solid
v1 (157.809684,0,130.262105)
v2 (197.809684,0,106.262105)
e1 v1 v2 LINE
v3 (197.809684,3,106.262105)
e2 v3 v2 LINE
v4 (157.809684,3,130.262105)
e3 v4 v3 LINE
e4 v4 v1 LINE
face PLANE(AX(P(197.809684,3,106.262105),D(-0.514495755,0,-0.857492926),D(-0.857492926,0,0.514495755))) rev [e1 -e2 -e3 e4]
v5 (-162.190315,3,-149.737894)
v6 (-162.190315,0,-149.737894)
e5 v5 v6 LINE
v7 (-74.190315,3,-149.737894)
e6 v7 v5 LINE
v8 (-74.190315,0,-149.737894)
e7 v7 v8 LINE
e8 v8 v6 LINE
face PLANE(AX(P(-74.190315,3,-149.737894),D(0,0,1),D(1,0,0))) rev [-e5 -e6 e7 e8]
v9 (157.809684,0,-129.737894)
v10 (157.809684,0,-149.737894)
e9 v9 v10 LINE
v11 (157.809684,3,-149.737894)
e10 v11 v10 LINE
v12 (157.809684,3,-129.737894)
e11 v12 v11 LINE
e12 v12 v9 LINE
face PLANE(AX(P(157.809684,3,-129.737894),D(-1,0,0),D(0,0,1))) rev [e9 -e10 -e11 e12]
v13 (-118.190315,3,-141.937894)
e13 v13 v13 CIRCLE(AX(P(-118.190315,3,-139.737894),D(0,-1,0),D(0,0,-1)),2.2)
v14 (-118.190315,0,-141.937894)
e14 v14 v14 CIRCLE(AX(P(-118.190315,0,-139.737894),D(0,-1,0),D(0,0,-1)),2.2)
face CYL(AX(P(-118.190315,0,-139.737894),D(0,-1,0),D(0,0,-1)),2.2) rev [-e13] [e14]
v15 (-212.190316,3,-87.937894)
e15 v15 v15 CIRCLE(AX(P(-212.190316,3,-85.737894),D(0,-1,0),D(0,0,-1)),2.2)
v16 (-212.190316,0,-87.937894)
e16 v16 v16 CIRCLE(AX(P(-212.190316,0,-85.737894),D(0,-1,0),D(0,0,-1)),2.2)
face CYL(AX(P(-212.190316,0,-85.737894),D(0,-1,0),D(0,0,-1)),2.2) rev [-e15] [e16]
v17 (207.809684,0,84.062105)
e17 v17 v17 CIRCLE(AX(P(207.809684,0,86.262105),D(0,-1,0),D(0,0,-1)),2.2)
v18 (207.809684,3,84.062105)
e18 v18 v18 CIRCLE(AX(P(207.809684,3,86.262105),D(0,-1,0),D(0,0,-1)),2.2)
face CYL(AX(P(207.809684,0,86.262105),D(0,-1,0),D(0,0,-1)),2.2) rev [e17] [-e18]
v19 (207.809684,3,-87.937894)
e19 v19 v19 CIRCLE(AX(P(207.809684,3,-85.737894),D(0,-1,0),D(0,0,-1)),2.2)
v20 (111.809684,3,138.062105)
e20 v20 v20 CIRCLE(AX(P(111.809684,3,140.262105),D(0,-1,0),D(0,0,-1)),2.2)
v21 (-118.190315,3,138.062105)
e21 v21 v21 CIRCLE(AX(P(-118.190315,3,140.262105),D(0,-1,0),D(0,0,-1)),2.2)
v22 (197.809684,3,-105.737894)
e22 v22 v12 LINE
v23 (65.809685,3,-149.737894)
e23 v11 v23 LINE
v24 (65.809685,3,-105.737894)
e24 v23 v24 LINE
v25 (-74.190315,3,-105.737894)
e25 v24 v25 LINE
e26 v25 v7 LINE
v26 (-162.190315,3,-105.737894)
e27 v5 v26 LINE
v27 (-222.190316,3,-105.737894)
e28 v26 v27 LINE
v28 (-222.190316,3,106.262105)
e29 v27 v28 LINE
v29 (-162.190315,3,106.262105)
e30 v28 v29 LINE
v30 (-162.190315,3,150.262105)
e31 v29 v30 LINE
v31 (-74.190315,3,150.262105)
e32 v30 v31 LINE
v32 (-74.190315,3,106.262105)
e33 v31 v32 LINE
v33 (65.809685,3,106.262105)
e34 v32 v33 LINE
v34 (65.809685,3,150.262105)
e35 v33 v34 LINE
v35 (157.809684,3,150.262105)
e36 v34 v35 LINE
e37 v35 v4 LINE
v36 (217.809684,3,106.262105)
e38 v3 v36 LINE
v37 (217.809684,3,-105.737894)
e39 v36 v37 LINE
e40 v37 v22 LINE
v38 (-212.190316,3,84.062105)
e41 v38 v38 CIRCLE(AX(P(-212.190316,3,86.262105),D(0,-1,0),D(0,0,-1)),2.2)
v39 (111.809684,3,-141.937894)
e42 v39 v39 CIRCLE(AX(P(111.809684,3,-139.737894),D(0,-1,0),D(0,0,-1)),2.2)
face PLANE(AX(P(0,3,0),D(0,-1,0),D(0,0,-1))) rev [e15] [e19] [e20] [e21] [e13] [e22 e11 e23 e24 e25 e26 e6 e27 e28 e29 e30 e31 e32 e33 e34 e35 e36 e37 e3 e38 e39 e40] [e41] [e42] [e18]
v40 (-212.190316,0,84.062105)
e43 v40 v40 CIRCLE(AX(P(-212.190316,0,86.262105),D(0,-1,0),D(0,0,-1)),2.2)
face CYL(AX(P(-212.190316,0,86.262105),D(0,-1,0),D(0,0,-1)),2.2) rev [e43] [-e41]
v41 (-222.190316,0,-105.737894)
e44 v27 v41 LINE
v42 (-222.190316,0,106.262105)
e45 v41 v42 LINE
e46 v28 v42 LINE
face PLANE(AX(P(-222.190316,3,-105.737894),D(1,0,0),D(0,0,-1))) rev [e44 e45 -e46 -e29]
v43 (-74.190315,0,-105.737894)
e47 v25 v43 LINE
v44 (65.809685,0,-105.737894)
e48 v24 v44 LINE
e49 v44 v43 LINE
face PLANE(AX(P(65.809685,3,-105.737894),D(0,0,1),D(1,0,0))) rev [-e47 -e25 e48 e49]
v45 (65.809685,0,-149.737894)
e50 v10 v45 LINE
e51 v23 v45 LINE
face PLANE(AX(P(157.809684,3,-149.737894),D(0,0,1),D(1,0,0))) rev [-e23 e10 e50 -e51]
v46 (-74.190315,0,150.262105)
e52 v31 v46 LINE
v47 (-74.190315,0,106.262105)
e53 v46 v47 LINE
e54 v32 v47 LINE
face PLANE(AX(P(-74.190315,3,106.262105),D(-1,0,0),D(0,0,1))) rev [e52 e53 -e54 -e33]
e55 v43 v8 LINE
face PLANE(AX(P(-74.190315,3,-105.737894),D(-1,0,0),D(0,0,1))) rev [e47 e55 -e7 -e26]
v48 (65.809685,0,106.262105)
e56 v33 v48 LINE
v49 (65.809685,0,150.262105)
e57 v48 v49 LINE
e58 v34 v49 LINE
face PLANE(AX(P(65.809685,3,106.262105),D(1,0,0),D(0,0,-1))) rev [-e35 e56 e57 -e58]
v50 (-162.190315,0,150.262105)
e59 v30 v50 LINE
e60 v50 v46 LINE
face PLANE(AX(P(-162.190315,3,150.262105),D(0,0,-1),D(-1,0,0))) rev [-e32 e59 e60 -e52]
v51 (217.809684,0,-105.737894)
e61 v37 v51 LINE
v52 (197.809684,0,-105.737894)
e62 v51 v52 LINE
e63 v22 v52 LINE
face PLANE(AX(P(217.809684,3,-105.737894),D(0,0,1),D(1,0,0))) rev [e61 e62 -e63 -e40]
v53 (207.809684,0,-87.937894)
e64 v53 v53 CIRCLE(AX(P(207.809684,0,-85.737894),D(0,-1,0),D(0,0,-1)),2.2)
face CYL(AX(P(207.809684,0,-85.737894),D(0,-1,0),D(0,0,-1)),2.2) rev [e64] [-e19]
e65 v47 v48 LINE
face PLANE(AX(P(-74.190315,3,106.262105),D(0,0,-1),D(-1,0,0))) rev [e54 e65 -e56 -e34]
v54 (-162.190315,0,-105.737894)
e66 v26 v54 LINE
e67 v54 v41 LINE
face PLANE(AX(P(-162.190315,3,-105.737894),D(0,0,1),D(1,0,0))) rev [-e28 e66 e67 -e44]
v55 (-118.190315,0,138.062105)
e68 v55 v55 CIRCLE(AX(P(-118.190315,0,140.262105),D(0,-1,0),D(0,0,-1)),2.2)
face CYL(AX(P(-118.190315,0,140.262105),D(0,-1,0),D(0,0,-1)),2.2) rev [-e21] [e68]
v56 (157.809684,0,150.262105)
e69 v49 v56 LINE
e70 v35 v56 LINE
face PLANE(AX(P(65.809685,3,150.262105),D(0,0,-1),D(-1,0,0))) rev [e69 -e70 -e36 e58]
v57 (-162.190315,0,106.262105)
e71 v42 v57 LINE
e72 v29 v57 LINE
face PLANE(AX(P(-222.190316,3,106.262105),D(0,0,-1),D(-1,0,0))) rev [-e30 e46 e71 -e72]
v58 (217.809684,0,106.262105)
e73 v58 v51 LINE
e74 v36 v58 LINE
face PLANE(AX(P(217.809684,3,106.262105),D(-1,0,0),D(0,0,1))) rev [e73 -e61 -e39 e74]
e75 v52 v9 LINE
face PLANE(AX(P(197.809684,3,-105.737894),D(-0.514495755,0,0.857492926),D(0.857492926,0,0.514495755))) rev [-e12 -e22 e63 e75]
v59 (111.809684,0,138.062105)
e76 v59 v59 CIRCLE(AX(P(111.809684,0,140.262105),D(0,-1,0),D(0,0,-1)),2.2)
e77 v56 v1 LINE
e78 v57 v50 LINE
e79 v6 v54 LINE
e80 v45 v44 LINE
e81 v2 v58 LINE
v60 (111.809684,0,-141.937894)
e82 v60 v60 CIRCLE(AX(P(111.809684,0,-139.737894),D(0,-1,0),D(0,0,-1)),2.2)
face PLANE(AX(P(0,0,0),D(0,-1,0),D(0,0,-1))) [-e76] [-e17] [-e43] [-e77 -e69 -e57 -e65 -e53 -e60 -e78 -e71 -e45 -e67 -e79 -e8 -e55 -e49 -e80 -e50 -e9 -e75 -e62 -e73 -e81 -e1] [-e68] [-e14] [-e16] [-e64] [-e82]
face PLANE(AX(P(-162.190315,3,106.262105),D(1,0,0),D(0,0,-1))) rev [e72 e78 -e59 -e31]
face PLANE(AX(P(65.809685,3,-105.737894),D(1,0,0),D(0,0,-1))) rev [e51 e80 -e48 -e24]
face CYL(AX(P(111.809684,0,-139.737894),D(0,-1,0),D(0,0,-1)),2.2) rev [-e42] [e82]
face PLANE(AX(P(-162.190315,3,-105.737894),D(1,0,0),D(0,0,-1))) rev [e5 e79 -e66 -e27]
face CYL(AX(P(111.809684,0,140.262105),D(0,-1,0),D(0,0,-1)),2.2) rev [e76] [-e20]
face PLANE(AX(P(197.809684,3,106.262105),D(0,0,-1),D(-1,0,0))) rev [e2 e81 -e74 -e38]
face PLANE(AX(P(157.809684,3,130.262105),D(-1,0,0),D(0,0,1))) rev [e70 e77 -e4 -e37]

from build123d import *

# Parameters (mm, degrees)
BOSS_EXTRU_1_DEPTH   = 3
D_GAGEMENT_M41_D     = 4.4
D_GAGEMENT_M41_DEPTH = 5


with BuildPart() as part:
    # Esquisse4 → Boss.-Extru.1 (new body)
    with BuildSketch(Plane(origin=(0, 0, 0), x_dir=(1, 0, 0), z_dir=(0, 1, 0))):
        Polygon((197.809683941, 105.737894452), (157.80968394, 129.737894452), (157.80968394, 149.737894452), (65.80968453, 149.737894452), (65.80968453, 105.737894452), (-74.19031547, 105.737894452), (-74.19031547, 149.737894452), (-162.1903155, 149.737894452), (-162.1903155, 105.737894452), (-222.1903155, 105.737894452), (-222.1903155, -106.262104989), (-162.1903155, -106.262104989), (-162.1903155, -150.262104989), (-74.19031547, -150.262104989), (-74.19031547, -106.262104989), (65.80968453, -106.262104989), (65.80968453, -150.262104989), (157.80968394, -150.262104989), (157.80968394, -130.262104989), (197.809683941, -106.262104989), (217.809683941, -106.262104989), (217.809683941, 105.737894452), align=None)
    extrude(amount=BOSS_EXTRU_1_DEPTH)

    # Dégagement M41
    with Locations(Plane(origin=(0, 0, 0), x_dir=(-1, 0, 0), z_dir=(0, -1, 0))):
        with Locations((-207.809683941, 85.737894452), (-207.809683941, -86.262104989), (-111.809684235, -140.262104989), (118.190315485, -140.262104989), (-111.809684235, 139.737894452), (118.190315485, 139.737894452), (212.1903155, 85.737894452), (212.1903155, -86.262104989)):
            Hole(D_GAGEMENT_M41_D / 2, depth=D_GAGEMENT_M41_DEPTH)


solid = part.part
